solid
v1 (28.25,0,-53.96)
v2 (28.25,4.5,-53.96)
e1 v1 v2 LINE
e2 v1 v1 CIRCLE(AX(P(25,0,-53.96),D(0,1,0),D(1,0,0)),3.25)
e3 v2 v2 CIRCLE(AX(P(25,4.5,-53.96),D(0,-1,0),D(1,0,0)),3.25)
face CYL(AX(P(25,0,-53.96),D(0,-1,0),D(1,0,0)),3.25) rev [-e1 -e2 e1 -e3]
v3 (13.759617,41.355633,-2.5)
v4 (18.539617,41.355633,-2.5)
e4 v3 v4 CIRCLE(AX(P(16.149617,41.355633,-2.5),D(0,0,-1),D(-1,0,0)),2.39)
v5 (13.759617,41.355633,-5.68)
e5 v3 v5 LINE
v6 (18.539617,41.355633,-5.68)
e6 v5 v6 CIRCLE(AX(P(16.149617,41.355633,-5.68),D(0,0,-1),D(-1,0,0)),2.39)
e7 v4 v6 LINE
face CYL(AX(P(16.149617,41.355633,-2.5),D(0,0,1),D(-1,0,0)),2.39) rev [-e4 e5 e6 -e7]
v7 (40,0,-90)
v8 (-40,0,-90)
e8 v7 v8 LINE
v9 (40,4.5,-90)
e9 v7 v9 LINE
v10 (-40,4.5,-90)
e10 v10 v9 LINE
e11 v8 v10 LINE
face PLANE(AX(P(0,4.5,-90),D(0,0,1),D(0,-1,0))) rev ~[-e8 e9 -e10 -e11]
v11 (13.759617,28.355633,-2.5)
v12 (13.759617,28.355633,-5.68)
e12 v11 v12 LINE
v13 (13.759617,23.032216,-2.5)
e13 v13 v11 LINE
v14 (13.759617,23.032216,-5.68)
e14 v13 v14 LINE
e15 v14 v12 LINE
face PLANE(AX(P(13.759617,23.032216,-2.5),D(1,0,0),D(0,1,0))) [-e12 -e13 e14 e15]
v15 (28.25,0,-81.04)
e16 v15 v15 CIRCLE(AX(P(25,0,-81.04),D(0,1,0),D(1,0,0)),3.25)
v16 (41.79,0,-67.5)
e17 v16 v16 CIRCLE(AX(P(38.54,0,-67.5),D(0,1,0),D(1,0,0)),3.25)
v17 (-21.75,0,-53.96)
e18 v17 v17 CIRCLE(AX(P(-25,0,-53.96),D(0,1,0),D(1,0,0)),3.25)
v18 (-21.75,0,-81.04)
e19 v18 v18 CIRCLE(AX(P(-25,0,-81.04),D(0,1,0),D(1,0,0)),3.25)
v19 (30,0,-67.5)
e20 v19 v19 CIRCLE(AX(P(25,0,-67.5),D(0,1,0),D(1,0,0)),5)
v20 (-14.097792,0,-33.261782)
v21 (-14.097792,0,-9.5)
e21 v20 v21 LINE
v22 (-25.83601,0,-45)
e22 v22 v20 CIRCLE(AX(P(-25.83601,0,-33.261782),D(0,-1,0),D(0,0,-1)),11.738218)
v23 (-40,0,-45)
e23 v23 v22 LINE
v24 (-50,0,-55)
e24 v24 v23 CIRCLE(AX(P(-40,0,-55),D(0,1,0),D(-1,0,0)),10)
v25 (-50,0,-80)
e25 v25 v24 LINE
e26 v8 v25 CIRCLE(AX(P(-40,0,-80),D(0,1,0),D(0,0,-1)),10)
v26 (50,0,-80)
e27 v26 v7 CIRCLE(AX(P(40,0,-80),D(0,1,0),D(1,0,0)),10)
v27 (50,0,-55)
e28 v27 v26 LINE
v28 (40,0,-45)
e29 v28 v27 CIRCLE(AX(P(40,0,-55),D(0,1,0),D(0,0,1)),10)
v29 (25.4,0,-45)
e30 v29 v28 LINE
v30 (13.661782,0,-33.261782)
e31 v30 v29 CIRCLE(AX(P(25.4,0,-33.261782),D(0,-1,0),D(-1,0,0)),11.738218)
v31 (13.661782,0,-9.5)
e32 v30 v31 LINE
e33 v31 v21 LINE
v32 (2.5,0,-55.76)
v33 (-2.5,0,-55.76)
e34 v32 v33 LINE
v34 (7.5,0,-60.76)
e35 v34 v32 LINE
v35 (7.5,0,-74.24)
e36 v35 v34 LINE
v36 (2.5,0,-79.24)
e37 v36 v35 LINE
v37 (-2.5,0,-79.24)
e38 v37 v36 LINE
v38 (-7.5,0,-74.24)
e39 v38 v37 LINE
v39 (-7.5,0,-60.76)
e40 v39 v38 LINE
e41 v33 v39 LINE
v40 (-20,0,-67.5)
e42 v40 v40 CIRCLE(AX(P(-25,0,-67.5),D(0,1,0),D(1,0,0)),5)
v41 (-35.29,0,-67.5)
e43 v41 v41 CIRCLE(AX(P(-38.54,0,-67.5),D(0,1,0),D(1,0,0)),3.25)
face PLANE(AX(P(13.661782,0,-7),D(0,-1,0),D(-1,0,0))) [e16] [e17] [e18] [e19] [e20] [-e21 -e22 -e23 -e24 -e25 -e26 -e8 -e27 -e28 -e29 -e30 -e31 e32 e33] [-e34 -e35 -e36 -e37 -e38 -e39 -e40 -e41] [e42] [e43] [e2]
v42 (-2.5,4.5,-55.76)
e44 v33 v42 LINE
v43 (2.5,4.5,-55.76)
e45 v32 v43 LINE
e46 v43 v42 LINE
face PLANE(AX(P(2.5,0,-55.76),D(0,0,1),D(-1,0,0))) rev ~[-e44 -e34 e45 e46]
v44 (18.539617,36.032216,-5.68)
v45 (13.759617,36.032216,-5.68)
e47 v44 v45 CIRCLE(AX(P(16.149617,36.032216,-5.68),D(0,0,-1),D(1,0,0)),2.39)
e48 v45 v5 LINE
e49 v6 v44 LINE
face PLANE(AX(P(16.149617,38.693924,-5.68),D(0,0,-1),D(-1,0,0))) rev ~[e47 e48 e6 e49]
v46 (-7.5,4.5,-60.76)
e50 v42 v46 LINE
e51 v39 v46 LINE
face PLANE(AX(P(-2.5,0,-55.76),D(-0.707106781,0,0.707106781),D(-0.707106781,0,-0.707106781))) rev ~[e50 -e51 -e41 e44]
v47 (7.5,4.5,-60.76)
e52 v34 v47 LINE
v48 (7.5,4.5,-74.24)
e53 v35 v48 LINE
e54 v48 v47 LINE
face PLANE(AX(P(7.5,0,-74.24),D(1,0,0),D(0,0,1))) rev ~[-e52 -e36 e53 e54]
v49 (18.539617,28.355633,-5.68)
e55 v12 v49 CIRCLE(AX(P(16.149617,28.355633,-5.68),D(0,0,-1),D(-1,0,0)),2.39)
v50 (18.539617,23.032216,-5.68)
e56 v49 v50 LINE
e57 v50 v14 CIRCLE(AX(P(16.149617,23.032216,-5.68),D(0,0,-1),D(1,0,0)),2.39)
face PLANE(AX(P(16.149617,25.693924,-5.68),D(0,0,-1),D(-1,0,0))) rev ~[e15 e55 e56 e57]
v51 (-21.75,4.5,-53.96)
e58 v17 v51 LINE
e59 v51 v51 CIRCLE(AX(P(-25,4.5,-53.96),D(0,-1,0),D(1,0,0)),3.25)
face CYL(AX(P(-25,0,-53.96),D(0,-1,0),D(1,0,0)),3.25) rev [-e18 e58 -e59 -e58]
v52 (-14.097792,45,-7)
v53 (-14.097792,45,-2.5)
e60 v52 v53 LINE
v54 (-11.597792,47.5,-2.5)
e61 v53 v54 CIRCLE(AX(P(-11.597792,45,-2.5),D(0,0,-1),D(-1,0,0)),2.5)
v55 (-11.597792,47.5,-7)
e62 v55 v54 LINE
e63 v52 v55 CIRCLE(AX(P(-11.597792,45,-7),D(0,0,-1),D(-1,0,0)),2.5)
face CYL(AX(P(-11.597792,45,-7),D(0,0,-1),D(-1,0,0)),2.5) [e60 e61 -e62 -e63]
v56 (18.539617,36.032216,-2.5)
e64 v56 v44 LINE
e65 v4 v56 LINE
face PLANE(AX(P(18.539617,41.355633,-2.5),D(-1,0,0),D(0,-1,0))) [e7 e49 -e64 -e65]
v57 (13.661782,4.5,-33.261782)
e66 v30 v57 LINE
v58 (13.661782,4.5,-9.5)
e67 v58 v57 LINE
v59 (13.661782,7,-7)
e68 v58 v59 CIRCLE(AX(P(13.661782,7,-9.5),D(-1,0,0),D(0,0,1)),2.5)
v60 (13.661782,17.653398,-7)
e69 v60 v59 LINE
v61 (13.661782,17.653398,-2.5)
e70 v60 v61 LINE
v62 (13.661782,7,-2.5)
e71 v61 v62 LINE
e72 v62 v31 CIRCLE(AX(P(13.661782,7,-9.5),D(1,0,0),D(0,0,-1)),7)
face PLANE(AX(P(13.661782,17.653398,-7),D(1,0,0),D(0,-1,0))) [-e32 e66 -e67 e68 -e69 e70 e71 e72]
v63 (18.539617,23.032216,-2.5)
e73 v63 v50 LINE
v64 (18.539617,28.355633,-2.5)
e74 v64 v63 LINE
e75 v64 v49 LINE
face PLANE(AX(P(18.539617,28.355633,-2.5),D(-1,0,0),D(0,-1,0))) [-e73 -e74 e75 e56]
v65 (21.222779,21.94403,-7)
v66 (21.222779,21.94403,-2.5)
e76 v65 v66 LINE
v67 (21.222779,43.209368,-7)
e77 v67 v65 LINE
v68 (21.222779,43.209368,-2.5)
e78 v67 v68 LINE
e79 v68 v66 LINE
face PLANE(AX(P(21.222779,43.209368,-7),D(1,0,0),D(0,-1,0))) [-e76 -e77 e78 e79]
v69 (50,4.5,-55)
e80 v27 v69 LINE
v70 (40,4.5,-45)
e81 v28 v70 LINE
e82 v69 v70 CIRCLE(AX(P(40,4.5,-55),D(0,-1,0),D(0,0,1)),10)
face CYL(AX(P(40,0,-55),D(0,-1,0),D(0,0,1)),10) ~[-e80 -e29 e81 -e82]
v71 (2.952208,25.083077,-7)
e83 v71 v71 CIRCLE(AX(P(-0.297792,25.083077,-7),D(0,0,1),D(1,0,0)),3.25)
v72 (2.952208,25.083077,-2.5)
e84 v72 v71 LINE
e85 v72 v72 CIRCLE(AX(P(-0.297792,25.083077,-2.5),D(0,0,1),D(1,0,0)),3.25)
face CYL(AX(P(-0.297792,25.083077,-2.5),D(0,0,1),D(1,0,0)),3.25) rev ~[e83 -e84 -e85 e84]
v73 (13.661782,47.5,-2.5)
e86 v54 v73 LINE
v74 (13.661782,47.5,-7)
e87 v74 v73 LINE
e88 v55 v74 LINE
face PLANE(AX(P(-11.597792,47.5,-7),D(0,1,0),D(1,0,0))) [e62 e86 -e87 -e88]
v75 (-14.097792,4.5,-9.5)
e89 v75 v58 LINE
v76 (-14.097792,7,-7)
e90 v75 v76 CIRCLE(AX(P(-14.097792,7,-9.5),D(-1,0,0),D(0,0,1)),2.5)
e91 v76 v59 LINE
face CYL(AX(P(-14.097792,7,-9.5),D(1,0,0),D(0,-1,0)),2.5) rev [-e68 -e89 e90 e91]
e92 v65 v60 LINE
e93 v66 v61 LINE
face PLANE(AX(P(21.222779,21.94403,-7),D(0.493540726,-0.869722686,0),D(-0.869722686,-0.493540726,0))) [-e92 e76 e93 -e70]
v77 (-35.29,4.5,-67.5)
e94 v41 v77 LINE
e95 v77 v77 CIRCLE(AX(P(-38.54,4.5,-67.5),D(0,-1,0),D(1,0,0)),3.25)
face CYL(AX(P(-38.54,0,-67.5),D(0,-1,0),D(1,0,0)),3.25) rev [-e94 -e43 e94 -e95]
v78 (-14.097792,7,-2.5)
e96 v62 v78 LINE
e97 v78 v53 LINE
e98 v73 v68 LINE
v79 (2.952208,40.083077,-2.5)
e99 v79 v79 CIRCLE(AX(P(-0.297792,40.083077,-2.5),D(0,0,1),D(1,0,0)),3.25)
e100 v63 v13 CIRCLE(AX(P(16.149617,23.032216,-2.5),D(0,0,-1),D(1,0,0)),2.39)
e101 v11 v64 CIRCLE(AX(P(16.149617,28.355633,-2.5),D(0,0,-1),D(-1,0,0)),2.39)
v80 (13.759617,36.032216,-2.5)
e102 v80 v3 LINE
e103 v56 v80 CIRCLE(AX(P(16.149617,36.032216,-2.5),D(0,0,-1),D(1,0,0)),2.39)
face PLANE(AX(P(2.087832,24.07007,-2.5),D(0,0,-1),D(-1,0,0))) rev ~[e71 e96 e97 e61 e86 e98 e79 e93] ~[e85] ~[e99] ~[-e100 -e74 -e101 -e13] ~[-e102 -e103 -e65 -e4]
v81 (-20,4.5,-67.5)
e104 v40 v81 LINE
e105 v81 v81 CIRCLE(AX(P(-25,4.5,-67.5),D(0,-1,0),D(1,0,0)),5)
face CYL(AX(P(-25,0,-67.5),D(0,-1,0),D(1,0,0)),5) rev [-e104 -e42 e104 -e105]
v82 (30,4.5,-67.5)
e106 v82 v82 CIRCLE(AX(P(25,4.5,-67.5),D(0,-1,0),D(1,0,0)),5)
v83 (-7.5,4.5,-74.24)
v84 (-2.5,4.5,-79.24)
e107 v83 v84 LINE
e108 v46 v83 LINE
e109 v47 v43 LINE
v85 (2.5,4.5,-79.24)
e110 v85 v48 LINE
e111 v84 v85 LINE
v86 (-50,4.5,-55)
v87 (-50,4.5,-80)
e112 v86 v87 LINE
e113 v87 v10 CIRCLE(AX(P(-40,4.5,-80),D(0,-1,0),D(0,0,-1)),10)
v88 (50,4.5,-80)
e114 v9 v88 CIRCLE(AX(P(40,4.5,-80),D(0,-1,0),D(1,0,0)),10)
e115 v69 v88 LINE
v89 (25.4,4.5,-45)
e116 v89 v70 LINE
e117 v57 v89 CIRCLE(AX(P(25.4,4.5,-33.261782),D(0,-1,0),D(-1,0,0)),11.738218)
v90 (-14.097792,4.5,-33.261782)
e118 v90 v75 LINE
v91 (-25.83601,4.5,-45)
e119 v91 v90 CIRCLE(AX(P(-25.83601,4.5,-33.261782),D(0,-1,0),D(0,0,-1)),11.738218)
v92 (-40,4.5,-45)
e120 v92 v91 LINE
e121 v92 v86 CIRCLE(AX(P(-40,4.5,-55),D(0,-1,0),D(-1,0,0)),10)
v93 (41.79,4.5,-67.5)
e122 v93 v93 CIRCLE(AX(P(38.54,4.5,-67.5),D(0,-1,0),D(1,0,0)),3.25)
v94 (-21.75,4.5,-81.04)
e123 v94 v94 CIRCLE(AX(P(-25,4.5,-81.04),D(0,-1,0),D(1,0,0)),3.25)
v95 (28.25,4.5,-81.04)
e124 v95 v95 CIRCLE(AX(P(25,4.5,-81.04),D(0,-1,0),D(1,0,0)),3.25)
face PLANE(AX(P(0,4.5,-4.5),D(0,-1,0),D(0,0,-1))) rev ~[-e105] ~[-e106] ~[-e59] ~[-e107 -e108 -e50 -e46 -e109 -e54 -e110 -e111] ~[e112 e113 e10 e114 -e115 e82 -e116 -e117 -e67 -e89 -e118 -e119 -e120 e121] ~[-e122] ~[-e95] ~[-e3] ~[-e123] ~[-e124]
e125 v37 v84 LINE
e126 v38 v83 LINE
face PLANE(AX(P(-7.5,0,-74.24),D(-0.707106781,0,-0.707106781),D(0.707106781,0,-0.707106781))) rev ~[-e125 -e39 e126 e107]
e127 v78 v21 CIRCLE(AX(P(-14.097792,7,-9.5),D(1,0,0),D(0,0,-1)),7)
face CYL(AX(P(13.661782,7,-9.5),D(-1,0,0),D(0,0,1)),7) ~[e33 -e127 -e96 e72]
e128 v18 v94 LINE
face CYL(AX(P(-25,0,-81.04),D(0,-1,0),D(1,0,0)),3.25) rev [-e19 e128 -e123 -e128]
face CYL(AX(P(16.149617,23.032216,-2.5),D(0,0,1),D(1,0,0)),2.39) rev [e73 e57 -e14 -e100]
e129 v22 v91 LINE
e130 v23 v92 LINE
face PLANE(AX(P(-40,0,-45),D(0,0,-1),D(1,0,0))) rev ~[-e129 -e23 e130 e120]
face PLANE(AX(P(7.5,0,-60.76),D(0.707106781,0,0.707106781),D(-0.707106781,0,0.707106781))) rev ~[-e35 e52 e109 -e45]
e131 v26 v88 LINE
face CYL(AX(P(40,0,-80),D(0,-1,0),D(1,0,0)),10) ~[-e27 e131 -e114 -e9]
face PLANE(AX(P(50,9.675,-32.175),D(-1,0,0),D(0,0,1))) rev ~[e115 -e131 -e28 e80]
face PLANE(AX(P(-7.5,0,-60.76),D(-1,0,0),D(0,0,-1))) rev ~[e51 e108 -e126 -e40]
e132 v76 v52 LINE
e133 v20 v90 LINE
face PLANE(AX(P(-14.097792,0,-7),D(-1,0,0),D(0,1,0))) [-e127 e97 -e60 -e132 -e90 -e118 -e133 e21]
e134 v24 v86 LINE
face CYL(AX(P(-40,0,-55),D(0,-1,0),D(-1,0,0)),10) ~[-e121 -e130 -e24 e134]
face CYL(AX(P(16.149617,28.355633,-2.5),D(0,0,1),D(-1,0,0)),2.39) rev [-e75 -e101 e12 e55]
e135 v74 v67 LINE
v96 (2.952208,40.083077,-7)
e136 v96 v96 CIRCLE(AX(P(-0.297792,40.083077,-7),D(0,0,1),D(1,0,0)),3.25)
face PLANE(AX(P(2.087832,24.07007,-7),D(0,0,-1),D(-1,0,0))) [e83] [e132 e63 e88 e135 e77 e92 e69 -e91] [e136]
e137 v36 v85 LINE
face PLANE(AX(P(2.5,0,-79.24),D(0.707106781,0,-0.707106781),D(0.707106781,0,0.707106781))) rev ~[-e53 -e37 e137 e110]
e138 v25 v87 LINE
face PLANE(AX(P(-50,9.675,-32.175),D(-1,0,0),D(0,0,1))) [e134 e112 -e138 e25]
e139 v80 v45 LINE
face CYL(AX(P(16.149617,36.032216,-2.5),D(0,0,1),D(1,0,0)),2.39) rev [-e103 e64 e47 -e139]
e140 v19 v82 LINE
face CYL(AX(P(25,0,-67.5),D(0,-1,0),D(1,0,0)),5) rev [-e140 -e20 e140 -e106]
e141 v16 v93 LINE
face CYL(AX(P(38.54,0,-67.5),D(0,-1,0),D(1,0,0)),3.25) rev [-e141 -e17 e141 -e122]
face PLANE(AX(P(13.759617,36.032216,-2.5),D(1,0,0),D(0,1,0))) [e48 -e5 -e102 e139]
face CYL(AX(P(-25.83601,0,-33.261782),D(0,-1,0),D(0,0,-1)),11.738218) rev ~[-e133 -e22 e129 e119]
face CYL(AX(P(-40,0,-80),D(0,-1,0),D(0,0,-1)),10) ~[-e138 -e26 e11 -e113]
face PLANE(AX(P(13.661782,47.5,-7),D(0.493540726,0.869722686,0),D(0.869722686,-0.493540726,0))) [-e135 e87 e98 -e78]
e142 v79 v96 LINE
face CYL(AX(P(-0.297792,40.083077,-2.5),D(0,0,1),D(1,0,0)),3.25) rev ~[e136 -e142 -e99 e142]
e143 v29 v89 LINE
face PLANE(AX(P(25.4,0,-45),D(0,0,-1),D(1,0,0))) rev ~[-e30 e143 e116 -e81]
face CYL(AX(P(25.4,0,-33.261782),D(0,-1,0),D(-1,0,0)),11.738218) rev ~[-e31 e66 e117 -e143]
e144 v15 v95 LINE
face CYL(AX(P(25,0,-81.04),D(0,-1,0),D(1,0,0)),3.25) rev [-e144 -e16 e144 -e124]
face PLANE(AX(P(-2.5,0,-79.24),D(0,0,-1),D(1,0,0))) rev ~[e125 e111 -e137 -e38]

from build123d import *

# Parameters (mm, degrees)
BOSS_EXTRUDE1_DEPTH      = 50
SKETCH2_OUTSIDE_W        = 130.372
SKETCH2_OUTSIDE_H        = 120.372
SKETCH2_OUTSIDE_R        = 5
SKETCH2_OUTSIDE_R_2      = 3.25
CUT_EXTRUDE34_DEPTH      = 46
CUT_EXTRUDE34_DEPTH_BACK = 1
BOSS_EXTRUDE3_DEPTH      = 4.5
FILLET3_R                = 2.5
FILLET4_R                = 7
SKETCH6_R                = 3.25
CUT_EXTRUDE35_DEPTH      = 1
CUT_EXTRUDE35_DEPTH_BACK = 88.5
CUT_EXTRUDE39_DEPTH      = 3.18


with BuildPart() as part:
    # Sketch1 → Boss-Extrude1 (new body, symmetric)
    with BuildSketch(Plane(origin=(0, 0, 0), x_dir=(0, 0, -1), z_dir=(1, 0, 0))):
        Polygon((0, 0), (0, 45), (4.5, 45), (4.5, 4.5), (90, 4.5), (90, 0), align=None)
    extrude(amount=BOSS_EXTRUDE1_DEPTH, both=True)

    # Sketch2 outside → Cut-Extrude34 (cut, two sides)
    with BuildSketch(Plane(origin=(0, 0, 0), x_dir=(1, 0, 0), z_dir=(0, 1, 0))) as cut_extrude34_sk:
        with Locations((0, 45)):
            Rectangle(SKETCH2_OUTSIDE_W, SKETCH2_OUTSIDE_H)
        with BuildLine():
            Line((-40, 45), (-25.836010131, 45))
            ThreePointArc((-25.836010131, 45), (-17.535836731, 41.561955607), (-14.097792338, 33.261782207))
            Line((-14.097792338, 33.261782207), (-14.097792338, 7))
            Line((-14.097792338, 7), (13.661782207, 7))
            Line((13.661782207, 7), (13.661782207, 33.261782207))
            ThreePointArc((13.661782207, 33.261782207), (17.099826599, 41.561955607), (25.4, 45))
            Line((25.4, 45), (40, 45))
            ThreePointArc((40, 45), (47.071067812, 47.928932188), (50, 55))
            Line((50, 55), (50, 80))
            ThreePointArc((50, 80), (47.071067812, 87.071067812), (40, 90))
            Line((40, 90), (-40, 90))
            ThreePointArc((-40, 90), (-47.071067812, 87.071067812), (-50, 80))
            Line((-50, 80), (-50, 55))
            ThreePointArc((-50, 55), (-47.071067812, 47.928932188), (-40, 45))
        make_face(mode=Mode.SUBTRACT)
        with Locations((-25, 67.5)):
            Circle(SKETCH2_OUTSIDE_R)
        with Locations((25, 67.5)):
            Circle(SKETCH2_OUTSIDE_R)
        with Locations((25, 81.04)):
            Circle(SKETCH2_OUTSIDE_R_2)
        with Locations((25, 53.96)):
            Circle(SKETCH2_OUTSIDE_R_2)
        with Locations((38.54, 67.5)):
            Circle(SKETCH2_OUTSIDE_R_2)
        with Locations((-25, 81.04)):
            Circle(SKETCH2_OUTSIDE_R_2)
        with Locations((-25, 53.96)):
            Circle(SKETCH2_OUTSIDE_R_2)
        with Locations((-38.54, 67.5)):
            Circle(SKETCH2_OUTSIDE_R_2)
        Polygon((-2.5, 79.24), (2.5, 79.24), (7.5, 74.24), (7.5, 60.76), (2.5, 55.76), (-2.5, 55.76), (-7.5, 60.76), (-7.5, 74.24), align=None)
    extrude(amount=CUT_EXTRUDE34_DEPTH, mode=Mode.SUBTRACT)
    extrude(cut_extrude34_sk.sketch, amount=-CUT_EXTRUDE34_DEPTH_BACK, mode=Mode.SUBTRACT)

    # Sketch4 → Boss-Extrude3 (add)
    with BuildSketch(Plane.XY.offset(-7)):
        with BuildLine():
            Line((-14.097792338, 0), (-14.097792338, 45))
            ThreePointArc((-14.097792338, 45), (-13.365559291, 46.767766953), (-11.597792338, 47.5))
            Line((-11.597792338, 47.5), (13.661782207, 47.5))
            Line((13.661782207, 47.5), (21.222778521, 43.209368433))
            Line((21.222778521, 43.209368433), (21.222778521, 21.944029683))
            Line((21.222778521, 21.944029683), (13.661782207, 17.653398116))
            Line((13.661782207, 17.653398116), (13.661782207, 4.5))
            Line((13.661782207, 4.5), (13.661782207, 0))
            Line((13.661782207, 0), (-14.097792338, 0))
        make_face()
    extrude(amount=BOSS_EXTRUDE3_DEPTH)

    # Fillet3
    fillet3_edges = [part.edges().sort_by_distance(p)[0] for p in [
        (-0.218005066, 4.5, -7),
    ]]
    fillet(fillet3_edges, radius=FILLET3_R)

    # Fillet4
    fillet4_edges = [part.edges().sort_by_distance(p)[0] for p in [
        (-0.218005066, 0, -2.5),
    ]]
    fillet(fillet4_edges, radius=FILLET4_R)

    # Sketch6 → Cut-Extrude35 (cut, two sides)
    with BuildSketch(Plane.XY.offset(-2.5)) as cut_extrude35_sk:
        with Locations((-0.297792338, 40.083077312)):
            Circle(SKETCH6_R)
        with Locations((-0.297792338, 25.083077312)):
            Circle(SKETCH6_R)
    extrude(amount=CUT_EXTRUDE35_DEPTH, mode=Mode.SUBTRACT)
    extrude(cut_extrude35_sk.sketch, amount=-CUT_EXTRUDE35_DEPTH_BACK, mode=Mode.SUBTRACT)

    # Sketch7 → Cut-Extrude39 (cut)
    with BuildSketch(Plane.XY.offset(-2.5)):
        with BuildLine():
            Line((18.539617084, 41.355633115), (18.539617084, 36.032215871))
            ThreePointArc((18.539617084, 36.032215871), (16.149617084, 33.642215871), (13.759617084, 36.032215871))
            Line((13.759617084, 36.032215871), (13.759617084, 41.355633115))
            ThreePointArc((13.759617084, 41.355633115), (16.149617084, 43.745633115), (18.539617084, 41.355633115))
        make_face()
        with BuildLine():
            Line((18.539617084, 28.355633115), (18.539617084, 23.032215871))
            ThreePointArc((18.539617084, 23.032215871), (16.149617084, 20.642215871), (13.759617084, 23.032215871))
            Line((13.759617084, 23.032215871), (13.759617084, 28.355633115))
            ThreePointArc((13.759617084, 28.355633115), (16.149617084, 30.745633115), (18.539617084, 28.355633115))
        make_face()
    extrude(amount=-CUT_EXTRUDE39_DEPTH, mode=Mode.SUBTRACT)


solid = part.part
